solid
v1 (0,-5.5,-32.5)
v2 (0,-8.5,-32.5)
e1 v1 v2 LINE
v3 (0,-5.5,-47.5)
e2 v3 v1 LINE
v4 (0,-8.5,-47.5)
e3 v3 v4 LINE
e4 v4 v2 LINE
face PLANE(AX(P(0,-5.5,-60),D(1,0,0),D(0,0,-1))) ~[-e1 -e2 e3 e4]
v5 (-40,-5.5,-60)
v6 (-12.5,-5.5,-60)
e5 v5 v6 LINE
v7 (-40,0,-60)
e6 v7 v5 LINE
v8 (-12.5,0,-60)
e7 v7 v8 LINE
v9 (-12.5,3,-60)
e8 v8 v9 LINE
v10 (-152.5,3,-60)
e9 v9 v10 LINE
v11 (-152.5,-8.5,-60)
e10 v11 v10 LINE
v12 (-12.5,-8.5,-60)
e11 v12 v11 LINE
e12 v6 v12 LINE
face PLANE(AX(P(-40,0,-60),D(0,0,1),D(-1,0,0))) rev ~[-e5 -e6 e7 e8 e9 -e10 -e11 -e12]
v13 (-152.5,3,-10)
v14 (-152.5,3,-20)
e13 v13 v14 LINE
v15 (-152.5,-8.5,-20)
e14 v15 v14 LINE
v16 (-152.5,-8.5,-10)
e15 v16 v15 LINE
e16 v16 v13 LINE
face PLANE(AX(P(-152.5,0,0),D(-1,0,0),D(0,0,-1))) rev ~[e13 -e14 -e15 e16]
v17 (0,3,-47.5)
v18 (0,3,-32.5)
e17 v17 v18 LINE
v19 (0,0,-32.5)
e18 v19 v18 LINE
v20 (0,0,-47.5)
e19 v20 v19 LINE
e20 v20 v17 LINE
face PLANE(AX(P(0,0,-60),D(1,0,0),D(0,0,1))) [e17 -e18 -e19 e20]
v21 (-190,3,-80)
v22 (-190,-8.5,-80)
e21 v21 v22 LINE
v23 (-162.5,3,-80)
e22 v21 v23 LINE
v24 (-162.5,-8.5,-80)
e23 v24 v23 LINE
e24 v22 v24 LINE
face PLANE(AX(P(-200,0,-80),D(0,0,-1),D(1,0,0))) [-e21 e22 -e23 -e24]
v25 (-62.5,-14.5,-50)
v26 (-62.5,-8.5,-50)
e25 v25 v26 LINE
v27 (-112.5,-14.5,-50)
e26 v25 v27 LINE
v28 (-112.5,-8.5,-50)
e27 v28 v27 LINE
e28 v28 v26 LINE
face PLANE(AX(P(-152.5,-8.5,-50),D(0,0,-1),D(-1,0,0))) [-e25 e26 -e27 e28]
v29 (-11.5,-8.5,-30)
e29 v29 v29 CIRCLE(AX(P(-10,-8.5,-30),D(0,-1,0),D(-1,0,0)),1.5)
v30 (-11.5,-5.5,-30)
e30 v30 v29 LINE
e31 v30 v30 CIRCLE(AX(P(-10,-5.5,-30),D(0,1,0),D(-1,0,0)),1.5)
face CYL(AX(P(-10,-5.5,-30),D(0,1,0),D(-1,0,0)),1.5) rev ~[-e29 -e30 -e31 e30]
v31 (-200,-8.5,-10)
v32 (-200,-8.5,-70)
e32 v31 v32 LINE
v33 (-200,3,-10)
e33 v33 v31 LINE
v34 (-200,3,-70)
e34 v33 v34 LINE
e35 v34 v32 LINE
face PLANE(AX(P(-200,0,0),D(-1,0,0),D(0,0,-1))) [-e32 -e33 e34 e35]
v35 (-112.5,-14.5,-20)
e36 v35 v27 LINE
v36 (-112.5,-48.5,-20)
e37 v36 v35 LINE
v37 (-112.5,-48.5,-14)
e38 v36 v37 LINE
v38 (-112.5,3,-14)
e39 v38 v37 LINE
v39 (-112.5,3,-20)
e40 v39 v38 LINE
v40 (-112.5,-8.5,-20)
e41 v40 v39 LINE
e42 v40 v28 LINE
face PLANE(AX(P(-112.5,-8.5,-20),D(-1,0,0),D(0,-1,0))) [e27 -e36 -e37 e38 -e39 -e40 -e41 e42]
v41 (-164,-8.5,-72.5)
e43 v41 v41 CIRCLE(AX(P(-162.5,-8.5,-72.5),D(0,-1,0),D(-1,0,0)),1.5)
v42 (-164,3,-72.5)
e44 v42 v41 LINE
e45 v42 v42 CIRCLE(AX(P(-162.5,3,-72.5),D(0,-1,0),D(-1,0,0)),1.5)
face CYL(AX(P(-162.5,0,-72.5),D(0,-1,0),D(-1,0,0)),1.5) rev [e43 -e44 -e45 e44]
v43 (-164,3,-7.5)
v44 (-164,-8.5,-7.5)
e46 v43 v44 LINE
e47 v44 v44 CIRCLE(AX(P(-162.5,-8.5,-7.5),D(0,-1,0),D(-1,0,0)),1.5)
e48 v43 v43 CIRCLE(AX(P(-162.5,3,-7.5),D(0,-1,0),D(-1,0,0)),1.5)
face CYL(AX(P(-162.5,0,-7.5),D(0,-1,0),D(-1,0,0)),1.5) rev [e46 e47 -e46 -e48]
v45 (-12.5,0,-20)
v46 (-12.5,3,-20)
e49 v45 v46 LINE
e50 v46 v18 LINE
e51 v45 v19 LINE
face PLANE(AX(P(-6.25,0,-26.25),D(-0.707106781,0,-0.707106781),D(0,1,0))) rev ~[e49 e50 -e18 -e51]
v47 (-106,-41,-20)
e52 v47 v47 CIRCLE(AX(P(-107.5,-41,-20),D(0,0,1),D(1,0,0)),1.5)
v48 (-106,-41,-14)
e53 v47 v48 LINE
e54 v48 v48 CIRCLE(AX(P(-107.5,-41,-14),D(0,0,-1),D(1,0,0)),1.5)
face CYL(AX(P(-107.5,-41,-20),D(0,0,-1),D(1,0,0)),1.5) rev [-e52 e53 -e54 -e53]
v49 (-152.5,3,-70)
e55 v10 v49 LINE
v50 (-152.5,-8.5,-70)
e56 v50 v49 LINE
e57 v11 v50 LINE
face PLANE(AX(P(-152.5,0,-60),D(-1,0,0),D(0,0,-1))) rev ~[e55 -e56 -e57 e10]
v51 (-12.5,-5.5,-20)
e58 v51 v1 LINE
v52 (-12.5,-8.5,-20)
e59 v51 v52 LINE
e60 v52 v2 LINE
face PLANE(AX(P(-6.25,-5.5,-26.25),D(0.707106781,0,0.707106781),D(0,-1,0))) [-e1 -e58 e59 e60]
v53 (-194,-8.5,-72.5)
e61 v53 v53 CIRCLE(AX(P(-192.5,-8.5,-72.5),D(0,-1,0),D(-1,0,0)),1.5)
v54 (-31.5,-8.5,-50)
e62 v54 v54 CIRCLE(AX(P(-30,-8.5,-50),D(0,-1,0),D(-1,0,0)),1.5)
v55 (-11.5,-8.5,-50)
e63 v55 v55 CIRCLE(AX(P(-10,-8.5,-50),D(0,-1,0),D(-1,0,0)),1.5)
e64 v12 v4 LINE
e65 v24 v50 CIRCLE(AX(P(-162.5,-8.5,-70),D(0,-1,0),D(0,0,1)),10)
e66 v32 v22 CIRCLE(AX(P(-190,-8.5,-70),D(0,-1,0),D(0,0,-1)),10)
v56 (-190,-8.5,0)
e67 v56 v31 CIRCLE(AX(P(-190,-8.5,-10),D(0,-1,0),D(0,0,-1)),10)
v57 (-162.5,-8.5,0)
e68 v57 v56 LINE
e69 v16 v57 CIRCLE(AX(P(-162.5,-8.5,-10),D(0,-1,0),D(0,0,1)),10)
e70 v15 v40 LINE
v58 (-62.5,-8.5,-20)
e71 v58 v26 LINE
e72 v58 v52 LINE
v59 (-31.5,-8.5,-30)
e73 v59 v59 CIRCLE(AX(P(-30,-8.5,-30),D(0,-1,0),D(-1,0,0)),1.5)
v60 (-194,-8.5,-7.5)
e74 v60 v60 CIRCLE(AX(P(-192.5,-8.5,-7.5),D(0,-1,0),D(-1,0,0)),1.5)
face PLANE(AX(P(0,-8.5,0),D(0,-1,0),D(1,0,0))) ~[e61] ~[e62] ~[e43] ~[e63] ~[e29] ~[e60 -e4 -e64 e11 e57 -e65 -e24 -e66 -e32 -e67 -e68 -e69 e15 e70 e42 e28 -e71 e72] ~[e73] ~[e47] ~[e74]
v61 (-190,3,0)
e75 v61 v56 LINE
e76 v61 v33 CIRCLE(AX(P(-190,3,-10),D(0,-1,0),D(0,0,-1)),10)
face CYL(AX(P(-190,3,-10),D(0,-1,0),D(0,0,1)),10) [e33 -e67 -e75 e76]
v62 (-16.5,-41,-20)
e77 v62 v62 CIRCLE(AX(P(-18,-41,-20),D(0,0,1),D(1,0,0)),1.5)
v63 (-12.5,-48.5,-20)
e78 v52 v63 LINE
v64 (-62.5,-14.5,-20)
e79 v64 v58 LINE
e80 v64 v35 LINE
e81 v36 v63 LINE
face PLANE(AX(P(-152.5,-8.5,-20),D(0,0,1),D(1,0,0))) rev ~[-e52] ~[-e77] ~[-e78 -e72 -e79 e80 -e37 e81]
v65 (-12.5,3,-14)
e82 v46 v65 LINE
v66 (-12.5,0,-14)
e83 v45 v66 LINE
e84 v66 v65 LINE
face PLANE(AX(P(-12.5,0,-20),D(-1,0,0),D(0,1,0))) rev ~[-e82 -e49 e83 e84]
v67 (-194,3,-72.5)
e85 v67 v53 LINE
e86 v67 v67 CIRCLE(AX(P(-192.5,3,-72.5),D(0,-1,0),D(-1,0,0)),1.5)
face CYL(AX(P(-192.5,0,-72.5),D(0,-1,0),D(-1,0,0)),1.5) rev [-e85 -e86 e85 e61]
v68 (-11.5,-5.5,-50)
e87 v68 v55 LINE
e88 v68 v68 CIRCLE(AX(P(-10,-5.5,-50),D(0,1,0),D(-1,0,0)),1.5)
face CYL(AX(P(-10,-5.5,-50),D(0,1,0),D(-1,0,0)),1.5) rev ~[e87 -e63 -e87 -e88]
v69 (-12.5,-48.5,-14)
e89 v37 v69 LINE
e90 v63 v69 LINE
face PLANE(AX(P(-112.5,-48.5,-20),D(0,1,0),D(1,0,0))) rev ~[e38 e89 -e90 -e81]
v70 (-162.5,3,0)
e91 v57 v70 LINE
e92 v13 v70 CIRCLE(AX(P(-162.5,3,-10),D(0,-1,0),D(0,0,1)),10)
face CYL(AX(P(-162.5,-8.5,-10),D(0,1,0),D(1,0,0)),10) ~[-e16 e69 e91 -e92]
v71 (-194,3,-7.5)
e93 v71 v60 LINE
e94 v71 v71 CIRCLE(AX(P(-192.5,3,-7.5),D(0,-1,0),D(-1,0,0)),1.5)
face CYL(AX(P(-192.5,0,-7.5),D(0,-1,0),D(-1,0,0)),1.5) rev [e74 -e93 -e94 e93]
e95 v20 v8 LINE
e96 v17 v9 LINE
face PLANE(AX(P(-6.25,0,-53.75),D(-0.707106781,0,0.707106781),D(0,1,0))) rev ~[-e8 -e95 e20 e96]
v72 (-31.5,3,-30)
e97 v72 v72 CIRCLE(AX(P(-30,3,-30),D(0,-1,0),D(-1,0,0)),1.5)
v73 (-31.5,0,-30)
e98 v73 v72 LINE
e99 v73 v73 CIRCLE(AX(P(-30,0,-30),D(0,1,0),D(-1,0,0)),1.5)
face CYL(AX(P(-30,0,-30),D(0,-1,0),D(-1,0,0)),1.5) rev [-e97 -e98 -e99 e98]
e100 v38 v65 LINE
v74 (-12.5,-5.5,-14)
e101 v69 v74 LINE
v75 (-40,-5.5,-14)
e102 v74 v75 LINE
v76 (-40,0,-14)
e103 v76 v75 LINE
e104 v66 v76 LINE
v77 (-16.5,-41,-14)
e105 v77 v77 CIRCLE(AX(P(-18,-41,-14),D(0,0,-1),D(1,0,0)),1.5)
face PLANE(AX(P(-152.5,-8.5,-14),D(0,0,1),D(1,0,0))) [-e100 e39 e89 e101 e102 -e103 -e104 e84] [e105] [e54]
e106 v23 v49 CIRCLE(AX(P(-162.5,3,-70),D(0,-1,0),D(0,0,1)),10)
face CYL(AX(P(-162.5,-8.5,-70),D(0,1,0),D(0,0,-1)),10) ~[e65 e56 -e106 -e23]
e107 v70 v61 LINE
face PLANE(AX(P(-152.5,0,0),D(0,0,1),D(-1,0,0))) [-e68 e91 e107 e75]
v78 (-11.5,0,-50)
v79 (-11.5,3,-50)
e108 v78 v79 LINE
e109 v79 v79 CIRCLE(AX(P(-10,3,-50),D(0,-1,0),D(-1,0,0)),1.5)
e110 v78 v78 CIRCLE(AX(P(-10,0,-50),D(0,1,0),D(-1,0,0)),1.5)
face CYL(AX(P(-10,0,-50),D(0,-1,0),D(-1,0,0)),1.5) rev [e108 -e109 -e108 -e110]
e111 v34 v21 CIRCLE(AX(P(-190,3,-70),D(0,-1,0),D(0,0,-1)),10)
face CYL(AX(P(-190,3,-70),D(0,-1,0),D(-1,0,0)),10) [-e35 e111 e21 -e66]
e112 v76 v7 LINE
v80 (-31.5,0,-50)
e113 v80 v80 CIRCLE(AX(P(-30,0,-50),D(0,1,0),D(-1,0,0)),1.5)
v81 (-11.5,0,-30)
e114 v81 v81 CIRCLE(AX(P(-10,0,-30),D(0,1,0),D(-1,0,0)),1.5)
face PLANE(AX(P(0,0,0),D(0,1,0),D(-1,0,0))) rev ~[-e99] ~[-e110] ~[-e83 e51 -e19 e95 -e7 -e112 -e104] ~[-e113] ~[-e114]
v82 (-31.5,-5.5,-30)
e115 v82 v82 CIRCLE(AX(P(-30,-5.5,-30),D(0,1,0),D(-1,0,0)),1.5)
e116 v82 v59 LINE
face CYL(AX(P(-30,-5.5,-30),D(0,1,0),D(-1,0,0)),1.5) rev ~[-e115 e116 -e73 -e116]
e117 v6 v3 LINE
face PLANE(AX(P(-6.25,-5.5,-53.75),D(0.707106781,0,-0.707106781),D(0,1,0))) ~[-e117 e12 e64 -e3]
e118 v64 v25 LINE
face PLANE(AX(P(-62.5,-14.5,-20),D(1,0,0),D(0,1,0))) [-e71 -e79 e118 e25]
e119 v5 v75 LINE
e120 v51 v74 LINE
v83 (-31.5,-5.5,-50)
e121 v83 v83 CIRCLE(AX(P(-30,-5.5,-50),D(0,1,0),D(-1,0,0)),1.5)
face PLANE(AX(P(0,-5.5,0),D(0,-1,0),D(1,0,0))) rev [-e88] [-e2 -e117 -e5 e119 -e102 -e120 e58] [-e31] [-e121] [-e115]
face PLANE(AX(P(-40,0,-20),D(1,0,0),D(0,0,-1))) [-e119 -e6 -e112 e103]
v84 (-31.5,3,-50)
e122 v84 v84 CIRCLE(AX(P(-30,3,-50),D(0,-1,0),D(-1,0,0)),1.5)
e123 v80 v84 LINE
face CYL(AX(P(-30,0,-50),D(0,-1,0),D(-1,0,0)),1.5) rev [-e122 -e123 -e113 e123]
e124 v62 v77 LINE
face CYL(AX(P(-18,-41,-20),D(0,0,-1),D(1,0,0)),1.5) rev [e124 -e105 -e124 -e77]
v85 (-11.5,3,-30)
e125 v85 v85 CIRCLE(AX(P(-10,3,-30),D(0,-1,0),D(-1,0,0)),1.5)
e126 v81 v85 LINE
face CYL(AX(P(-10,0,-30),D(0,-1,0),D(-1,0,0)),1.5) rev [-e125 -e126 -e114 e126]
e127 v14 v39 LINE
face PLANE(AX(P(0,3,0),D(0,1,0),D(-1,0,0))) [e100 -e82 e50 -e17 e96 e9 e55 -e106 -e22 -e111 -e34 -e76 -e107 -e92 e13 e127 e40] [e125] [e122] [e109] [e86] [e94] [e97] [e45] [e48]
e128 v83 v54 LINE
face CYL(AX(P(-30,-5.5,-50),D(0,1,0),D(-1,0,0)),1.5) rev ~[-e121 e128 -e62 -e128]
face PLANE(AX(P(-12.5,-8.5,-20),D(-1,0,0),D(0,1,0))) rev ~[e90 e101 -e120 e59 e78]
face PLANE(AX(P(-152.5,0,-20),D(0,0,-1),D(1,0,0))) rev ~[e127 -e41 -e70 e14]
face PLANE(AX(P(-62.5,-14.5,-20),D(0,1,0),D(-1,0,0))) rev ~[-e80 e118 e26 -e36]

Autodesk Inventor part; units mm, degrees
ref_plane "YZ Plane" through (0, 0, 0) normal (1, 0, 0) x (0, 1, 0)
ref_plane "XZ Plane" through (0, 0, 0) normal (0, 1, 0) x (-1, 0, 0)
sketch "Sketch1" plane through (0, 0, 0) normal (0, 1, 0) x (-1, 0, 0)
  line L0 (0, 0) -> (200, 0)
  line L1 (200, 0) -> (200, -80)
  line L2 (200, -80) -> (0, -80)
  line L3 (0, -80) -> (0, 0)
  line L4 (10, -30) -> (30, -30)
  line L5 (30, -30) -> (30, -50)
  line L6 (30, -50) -> (10, -50)
  line L7 (10, -50) -> (10, -30)
  circle A0 centre (10, -30) radius 1.5
  circle A1 centre (30, -50) radius 1.5
  circle A2 centre (30, -30) radius 1.5
  circle A3 centre (10, -50) radius 1.5
  line L8 (192.5, -7.5) -> (162.5, -7.5)
  line L9 (162.5, -7.5) -> (162.5, -72.5)
  line L10 (162.5, -72.5) -> (192.5, -72.5)
  line L11 (192.5, -72.5) -> (192.5, -7.5)
  circle A4 centre (192.5, -7.5) radius 1.5
  circle A5 centre (192.5, -72.5) radius 1.5
  circle A6 centre (162.5, -72.5) radius 1.5
  circle A7 centre (162.5, -7.5) radius 1.5
  line L12 (200, 0) -> (152.5, 0)
  line L13 (152.5, 0) -> (152.5, -80)
  line L14 (152.5, -80) -> (200, -80)
  line L15 (200, -80) -> (200, 0)
  line L16 (152.5, -20) -> (0, -20)
  line L17 (0, -20) -> (0, -60)
  line L18 (0, -60) -> (152.5, -60)
  line L19 (152.5, -60) -> (152.5, -20)
  line L20 (40, -20) -> (40, -60)
  point P0 (191, -7.5)
  point P1 (192.5, -9)
  point P2 (192.5, -71)
  point P3 (191, -72.5)
  point P4 (164, -72.5)
  point P5 (162.5, -71)
  point P6 (164, -7.5)
  point P7 (162.5, -9)
  point P8 (152.5, 0)
  point P9 (0, -20)
  dimension "d0" = 200
  dimension "d1" = 80
  dimension "d2" = 20
  dimension "d3" = 20
  dimension "d4" = 30
  dimension "d5" = 10
  dimension "d6" = 3
  dimension "d7" = 3
  dimension "d8" = 3
  dimension "d9" = 3
  dimension "d10" = 65
  dimension "d11" = 30
  dimension "d12" = 7.5
  dimension "d13" = 7.5
  dimension "d14" = 3
  dimension "d15" = 3
  dimension "d16" = 3
  dimension "d17" = 3
  dimension "d18" = 20
  dimension "d19" = 20
  dimension "d20" = 10
  dimension "d23" = 40
extrude "Extrusion1" add sketch "Sketch1" along normal blind 3 contours L0 L1 L2 L13 | L16 L20 L18 L3 | L13 L18 L20 L16 | L4 A2 L5 A1 L6 A3 L7 A0 | L8 A4 L11 A5 L10 A6 L9 A7
extrude "Extrusion2" add sketch "Sketch1" against normal blind 5.5 contours L0 L1 L2 L13 | L13 L18 L20 L16 | L8 A4 L11 A5 L10 A6 L9 A7
ref_plane "Work Plane1" through (0, -2.75, 0) normal (0, -1, 0) x (1, 0, 0)
mirror "Mirror1" about plane through (0, -2.75, 0) normal (0, -1, 0) of "Extrusion1"
chamfer "Chamfer1" distance 12.5 angle 45 4 edges at (0, 1.5, -20) (0, -7, -20) (0, -7, -60) (0, 1.5, -60)
sketch "Sketch3" plane through (-152.5, -8.5, -20) normal (0, 0, 1) x (1, 0, 0)
  line L0 (152.5, 11.5) -> (0, 11.5) projected
  line L1 (140, 11.5) -> (40, 11.5)
  line L2 (40, 11.5) -> (40, -40)
  line L3 (40, -40) -> (140, -40)
  line L4 (140, -40) -> (140, 11.5)
  line L5 (112.5, 8.5) -> (112.5, 3) projected
  line L6 (112.5, 3) -> (140, 3) projected
  line L7 (112.5, 8.5) -> (112.5, 3) projected
  line L8 (112.5, 8.5) -> (140, 8.5) projected
  line L9 (0, 11.5) -> (140, 11.5) projected
  line L10 (0, 0) -> (0, 11.5) projected
  line L11 (0, 0) -> (140, 0) projected
  line L12 (0, 0) -> (140, 0) projected
  line L13 (122.5, 0) -> (122.5, 11.5)
  line L14 (0, 11.5) -> (152.5, 11.5) projected
  line L15 (140, -40) -> (140, -32.5)
  circle A0 centre (134.5, -32.5) radius 1.5
  line L16 (140, -32.5) -> (40, -32.5)
  circle A1 centre (45, -32.5) radius 1.5
  line L17 (140, 3) -> (140, 0) projected
  line L18 (140, 11.5) -> (140, 8.5) projected
  point P0 (152.5, 8.5)
  point P1 (147.5, 11.5)
  point P2 (140, 3)
  point P3 (140, 8.5)
  point P4 (40, 11.5)
  dimension "d30" = 100
  dimension "d32" = 7.5
  dimension "d33" = 3
  dimension "d34" = 3
  dimension "d35" = 89.5
  dimension "d36" = 5
  dimension "d40" = 40
extrude "Extrusion3" add sketch "Sketch3" along normal blind 6 contours L4 L8 L13 L0 | L13 L8 L5 L6 L11 L2 L0 | L4 L11 L13 L6 | L11 L4 L16 A0 A1 L2 | L16 A1 A0 L4 L3 L2
sketch "Sketch4" plane through (-152.5, -8.5, -20) normal (0, 0, -1) x (-1, 0, 0)
  line L0 (-40, 11.5) -> (-40, -40) projected
  line L1 (-40, 0) -> (-140, 0)
  line L2 (-140, 0) -> (-140, -6)
  line L3 (-140, -6) -> (-40, -6)
  line L4 (-40, -6) -> (-40, 0)
  line L5 (-140, -40) -> (-140, 0) projected
  line L6 (-90, -6) -> (-90, 0)
  line L7 (-140, 0) -> (0, 0) projected
  point P0 (-152.5, 8.5)
  point P1 (-162.5, 0)
  dimension "d39" = 6
extrude "Extrusion4" add sketch "Sketch4" along normal blind 30 contours L0 L3 L6 L1
fillet "Fillet2" radius 10 4 edges at (-200, -2.75, -80) (-152.5, -2.75, -80) (-152.5, -2.75, 0) (-200, -2.75, 0)
properties part number "RobotBaseMotorExt"
